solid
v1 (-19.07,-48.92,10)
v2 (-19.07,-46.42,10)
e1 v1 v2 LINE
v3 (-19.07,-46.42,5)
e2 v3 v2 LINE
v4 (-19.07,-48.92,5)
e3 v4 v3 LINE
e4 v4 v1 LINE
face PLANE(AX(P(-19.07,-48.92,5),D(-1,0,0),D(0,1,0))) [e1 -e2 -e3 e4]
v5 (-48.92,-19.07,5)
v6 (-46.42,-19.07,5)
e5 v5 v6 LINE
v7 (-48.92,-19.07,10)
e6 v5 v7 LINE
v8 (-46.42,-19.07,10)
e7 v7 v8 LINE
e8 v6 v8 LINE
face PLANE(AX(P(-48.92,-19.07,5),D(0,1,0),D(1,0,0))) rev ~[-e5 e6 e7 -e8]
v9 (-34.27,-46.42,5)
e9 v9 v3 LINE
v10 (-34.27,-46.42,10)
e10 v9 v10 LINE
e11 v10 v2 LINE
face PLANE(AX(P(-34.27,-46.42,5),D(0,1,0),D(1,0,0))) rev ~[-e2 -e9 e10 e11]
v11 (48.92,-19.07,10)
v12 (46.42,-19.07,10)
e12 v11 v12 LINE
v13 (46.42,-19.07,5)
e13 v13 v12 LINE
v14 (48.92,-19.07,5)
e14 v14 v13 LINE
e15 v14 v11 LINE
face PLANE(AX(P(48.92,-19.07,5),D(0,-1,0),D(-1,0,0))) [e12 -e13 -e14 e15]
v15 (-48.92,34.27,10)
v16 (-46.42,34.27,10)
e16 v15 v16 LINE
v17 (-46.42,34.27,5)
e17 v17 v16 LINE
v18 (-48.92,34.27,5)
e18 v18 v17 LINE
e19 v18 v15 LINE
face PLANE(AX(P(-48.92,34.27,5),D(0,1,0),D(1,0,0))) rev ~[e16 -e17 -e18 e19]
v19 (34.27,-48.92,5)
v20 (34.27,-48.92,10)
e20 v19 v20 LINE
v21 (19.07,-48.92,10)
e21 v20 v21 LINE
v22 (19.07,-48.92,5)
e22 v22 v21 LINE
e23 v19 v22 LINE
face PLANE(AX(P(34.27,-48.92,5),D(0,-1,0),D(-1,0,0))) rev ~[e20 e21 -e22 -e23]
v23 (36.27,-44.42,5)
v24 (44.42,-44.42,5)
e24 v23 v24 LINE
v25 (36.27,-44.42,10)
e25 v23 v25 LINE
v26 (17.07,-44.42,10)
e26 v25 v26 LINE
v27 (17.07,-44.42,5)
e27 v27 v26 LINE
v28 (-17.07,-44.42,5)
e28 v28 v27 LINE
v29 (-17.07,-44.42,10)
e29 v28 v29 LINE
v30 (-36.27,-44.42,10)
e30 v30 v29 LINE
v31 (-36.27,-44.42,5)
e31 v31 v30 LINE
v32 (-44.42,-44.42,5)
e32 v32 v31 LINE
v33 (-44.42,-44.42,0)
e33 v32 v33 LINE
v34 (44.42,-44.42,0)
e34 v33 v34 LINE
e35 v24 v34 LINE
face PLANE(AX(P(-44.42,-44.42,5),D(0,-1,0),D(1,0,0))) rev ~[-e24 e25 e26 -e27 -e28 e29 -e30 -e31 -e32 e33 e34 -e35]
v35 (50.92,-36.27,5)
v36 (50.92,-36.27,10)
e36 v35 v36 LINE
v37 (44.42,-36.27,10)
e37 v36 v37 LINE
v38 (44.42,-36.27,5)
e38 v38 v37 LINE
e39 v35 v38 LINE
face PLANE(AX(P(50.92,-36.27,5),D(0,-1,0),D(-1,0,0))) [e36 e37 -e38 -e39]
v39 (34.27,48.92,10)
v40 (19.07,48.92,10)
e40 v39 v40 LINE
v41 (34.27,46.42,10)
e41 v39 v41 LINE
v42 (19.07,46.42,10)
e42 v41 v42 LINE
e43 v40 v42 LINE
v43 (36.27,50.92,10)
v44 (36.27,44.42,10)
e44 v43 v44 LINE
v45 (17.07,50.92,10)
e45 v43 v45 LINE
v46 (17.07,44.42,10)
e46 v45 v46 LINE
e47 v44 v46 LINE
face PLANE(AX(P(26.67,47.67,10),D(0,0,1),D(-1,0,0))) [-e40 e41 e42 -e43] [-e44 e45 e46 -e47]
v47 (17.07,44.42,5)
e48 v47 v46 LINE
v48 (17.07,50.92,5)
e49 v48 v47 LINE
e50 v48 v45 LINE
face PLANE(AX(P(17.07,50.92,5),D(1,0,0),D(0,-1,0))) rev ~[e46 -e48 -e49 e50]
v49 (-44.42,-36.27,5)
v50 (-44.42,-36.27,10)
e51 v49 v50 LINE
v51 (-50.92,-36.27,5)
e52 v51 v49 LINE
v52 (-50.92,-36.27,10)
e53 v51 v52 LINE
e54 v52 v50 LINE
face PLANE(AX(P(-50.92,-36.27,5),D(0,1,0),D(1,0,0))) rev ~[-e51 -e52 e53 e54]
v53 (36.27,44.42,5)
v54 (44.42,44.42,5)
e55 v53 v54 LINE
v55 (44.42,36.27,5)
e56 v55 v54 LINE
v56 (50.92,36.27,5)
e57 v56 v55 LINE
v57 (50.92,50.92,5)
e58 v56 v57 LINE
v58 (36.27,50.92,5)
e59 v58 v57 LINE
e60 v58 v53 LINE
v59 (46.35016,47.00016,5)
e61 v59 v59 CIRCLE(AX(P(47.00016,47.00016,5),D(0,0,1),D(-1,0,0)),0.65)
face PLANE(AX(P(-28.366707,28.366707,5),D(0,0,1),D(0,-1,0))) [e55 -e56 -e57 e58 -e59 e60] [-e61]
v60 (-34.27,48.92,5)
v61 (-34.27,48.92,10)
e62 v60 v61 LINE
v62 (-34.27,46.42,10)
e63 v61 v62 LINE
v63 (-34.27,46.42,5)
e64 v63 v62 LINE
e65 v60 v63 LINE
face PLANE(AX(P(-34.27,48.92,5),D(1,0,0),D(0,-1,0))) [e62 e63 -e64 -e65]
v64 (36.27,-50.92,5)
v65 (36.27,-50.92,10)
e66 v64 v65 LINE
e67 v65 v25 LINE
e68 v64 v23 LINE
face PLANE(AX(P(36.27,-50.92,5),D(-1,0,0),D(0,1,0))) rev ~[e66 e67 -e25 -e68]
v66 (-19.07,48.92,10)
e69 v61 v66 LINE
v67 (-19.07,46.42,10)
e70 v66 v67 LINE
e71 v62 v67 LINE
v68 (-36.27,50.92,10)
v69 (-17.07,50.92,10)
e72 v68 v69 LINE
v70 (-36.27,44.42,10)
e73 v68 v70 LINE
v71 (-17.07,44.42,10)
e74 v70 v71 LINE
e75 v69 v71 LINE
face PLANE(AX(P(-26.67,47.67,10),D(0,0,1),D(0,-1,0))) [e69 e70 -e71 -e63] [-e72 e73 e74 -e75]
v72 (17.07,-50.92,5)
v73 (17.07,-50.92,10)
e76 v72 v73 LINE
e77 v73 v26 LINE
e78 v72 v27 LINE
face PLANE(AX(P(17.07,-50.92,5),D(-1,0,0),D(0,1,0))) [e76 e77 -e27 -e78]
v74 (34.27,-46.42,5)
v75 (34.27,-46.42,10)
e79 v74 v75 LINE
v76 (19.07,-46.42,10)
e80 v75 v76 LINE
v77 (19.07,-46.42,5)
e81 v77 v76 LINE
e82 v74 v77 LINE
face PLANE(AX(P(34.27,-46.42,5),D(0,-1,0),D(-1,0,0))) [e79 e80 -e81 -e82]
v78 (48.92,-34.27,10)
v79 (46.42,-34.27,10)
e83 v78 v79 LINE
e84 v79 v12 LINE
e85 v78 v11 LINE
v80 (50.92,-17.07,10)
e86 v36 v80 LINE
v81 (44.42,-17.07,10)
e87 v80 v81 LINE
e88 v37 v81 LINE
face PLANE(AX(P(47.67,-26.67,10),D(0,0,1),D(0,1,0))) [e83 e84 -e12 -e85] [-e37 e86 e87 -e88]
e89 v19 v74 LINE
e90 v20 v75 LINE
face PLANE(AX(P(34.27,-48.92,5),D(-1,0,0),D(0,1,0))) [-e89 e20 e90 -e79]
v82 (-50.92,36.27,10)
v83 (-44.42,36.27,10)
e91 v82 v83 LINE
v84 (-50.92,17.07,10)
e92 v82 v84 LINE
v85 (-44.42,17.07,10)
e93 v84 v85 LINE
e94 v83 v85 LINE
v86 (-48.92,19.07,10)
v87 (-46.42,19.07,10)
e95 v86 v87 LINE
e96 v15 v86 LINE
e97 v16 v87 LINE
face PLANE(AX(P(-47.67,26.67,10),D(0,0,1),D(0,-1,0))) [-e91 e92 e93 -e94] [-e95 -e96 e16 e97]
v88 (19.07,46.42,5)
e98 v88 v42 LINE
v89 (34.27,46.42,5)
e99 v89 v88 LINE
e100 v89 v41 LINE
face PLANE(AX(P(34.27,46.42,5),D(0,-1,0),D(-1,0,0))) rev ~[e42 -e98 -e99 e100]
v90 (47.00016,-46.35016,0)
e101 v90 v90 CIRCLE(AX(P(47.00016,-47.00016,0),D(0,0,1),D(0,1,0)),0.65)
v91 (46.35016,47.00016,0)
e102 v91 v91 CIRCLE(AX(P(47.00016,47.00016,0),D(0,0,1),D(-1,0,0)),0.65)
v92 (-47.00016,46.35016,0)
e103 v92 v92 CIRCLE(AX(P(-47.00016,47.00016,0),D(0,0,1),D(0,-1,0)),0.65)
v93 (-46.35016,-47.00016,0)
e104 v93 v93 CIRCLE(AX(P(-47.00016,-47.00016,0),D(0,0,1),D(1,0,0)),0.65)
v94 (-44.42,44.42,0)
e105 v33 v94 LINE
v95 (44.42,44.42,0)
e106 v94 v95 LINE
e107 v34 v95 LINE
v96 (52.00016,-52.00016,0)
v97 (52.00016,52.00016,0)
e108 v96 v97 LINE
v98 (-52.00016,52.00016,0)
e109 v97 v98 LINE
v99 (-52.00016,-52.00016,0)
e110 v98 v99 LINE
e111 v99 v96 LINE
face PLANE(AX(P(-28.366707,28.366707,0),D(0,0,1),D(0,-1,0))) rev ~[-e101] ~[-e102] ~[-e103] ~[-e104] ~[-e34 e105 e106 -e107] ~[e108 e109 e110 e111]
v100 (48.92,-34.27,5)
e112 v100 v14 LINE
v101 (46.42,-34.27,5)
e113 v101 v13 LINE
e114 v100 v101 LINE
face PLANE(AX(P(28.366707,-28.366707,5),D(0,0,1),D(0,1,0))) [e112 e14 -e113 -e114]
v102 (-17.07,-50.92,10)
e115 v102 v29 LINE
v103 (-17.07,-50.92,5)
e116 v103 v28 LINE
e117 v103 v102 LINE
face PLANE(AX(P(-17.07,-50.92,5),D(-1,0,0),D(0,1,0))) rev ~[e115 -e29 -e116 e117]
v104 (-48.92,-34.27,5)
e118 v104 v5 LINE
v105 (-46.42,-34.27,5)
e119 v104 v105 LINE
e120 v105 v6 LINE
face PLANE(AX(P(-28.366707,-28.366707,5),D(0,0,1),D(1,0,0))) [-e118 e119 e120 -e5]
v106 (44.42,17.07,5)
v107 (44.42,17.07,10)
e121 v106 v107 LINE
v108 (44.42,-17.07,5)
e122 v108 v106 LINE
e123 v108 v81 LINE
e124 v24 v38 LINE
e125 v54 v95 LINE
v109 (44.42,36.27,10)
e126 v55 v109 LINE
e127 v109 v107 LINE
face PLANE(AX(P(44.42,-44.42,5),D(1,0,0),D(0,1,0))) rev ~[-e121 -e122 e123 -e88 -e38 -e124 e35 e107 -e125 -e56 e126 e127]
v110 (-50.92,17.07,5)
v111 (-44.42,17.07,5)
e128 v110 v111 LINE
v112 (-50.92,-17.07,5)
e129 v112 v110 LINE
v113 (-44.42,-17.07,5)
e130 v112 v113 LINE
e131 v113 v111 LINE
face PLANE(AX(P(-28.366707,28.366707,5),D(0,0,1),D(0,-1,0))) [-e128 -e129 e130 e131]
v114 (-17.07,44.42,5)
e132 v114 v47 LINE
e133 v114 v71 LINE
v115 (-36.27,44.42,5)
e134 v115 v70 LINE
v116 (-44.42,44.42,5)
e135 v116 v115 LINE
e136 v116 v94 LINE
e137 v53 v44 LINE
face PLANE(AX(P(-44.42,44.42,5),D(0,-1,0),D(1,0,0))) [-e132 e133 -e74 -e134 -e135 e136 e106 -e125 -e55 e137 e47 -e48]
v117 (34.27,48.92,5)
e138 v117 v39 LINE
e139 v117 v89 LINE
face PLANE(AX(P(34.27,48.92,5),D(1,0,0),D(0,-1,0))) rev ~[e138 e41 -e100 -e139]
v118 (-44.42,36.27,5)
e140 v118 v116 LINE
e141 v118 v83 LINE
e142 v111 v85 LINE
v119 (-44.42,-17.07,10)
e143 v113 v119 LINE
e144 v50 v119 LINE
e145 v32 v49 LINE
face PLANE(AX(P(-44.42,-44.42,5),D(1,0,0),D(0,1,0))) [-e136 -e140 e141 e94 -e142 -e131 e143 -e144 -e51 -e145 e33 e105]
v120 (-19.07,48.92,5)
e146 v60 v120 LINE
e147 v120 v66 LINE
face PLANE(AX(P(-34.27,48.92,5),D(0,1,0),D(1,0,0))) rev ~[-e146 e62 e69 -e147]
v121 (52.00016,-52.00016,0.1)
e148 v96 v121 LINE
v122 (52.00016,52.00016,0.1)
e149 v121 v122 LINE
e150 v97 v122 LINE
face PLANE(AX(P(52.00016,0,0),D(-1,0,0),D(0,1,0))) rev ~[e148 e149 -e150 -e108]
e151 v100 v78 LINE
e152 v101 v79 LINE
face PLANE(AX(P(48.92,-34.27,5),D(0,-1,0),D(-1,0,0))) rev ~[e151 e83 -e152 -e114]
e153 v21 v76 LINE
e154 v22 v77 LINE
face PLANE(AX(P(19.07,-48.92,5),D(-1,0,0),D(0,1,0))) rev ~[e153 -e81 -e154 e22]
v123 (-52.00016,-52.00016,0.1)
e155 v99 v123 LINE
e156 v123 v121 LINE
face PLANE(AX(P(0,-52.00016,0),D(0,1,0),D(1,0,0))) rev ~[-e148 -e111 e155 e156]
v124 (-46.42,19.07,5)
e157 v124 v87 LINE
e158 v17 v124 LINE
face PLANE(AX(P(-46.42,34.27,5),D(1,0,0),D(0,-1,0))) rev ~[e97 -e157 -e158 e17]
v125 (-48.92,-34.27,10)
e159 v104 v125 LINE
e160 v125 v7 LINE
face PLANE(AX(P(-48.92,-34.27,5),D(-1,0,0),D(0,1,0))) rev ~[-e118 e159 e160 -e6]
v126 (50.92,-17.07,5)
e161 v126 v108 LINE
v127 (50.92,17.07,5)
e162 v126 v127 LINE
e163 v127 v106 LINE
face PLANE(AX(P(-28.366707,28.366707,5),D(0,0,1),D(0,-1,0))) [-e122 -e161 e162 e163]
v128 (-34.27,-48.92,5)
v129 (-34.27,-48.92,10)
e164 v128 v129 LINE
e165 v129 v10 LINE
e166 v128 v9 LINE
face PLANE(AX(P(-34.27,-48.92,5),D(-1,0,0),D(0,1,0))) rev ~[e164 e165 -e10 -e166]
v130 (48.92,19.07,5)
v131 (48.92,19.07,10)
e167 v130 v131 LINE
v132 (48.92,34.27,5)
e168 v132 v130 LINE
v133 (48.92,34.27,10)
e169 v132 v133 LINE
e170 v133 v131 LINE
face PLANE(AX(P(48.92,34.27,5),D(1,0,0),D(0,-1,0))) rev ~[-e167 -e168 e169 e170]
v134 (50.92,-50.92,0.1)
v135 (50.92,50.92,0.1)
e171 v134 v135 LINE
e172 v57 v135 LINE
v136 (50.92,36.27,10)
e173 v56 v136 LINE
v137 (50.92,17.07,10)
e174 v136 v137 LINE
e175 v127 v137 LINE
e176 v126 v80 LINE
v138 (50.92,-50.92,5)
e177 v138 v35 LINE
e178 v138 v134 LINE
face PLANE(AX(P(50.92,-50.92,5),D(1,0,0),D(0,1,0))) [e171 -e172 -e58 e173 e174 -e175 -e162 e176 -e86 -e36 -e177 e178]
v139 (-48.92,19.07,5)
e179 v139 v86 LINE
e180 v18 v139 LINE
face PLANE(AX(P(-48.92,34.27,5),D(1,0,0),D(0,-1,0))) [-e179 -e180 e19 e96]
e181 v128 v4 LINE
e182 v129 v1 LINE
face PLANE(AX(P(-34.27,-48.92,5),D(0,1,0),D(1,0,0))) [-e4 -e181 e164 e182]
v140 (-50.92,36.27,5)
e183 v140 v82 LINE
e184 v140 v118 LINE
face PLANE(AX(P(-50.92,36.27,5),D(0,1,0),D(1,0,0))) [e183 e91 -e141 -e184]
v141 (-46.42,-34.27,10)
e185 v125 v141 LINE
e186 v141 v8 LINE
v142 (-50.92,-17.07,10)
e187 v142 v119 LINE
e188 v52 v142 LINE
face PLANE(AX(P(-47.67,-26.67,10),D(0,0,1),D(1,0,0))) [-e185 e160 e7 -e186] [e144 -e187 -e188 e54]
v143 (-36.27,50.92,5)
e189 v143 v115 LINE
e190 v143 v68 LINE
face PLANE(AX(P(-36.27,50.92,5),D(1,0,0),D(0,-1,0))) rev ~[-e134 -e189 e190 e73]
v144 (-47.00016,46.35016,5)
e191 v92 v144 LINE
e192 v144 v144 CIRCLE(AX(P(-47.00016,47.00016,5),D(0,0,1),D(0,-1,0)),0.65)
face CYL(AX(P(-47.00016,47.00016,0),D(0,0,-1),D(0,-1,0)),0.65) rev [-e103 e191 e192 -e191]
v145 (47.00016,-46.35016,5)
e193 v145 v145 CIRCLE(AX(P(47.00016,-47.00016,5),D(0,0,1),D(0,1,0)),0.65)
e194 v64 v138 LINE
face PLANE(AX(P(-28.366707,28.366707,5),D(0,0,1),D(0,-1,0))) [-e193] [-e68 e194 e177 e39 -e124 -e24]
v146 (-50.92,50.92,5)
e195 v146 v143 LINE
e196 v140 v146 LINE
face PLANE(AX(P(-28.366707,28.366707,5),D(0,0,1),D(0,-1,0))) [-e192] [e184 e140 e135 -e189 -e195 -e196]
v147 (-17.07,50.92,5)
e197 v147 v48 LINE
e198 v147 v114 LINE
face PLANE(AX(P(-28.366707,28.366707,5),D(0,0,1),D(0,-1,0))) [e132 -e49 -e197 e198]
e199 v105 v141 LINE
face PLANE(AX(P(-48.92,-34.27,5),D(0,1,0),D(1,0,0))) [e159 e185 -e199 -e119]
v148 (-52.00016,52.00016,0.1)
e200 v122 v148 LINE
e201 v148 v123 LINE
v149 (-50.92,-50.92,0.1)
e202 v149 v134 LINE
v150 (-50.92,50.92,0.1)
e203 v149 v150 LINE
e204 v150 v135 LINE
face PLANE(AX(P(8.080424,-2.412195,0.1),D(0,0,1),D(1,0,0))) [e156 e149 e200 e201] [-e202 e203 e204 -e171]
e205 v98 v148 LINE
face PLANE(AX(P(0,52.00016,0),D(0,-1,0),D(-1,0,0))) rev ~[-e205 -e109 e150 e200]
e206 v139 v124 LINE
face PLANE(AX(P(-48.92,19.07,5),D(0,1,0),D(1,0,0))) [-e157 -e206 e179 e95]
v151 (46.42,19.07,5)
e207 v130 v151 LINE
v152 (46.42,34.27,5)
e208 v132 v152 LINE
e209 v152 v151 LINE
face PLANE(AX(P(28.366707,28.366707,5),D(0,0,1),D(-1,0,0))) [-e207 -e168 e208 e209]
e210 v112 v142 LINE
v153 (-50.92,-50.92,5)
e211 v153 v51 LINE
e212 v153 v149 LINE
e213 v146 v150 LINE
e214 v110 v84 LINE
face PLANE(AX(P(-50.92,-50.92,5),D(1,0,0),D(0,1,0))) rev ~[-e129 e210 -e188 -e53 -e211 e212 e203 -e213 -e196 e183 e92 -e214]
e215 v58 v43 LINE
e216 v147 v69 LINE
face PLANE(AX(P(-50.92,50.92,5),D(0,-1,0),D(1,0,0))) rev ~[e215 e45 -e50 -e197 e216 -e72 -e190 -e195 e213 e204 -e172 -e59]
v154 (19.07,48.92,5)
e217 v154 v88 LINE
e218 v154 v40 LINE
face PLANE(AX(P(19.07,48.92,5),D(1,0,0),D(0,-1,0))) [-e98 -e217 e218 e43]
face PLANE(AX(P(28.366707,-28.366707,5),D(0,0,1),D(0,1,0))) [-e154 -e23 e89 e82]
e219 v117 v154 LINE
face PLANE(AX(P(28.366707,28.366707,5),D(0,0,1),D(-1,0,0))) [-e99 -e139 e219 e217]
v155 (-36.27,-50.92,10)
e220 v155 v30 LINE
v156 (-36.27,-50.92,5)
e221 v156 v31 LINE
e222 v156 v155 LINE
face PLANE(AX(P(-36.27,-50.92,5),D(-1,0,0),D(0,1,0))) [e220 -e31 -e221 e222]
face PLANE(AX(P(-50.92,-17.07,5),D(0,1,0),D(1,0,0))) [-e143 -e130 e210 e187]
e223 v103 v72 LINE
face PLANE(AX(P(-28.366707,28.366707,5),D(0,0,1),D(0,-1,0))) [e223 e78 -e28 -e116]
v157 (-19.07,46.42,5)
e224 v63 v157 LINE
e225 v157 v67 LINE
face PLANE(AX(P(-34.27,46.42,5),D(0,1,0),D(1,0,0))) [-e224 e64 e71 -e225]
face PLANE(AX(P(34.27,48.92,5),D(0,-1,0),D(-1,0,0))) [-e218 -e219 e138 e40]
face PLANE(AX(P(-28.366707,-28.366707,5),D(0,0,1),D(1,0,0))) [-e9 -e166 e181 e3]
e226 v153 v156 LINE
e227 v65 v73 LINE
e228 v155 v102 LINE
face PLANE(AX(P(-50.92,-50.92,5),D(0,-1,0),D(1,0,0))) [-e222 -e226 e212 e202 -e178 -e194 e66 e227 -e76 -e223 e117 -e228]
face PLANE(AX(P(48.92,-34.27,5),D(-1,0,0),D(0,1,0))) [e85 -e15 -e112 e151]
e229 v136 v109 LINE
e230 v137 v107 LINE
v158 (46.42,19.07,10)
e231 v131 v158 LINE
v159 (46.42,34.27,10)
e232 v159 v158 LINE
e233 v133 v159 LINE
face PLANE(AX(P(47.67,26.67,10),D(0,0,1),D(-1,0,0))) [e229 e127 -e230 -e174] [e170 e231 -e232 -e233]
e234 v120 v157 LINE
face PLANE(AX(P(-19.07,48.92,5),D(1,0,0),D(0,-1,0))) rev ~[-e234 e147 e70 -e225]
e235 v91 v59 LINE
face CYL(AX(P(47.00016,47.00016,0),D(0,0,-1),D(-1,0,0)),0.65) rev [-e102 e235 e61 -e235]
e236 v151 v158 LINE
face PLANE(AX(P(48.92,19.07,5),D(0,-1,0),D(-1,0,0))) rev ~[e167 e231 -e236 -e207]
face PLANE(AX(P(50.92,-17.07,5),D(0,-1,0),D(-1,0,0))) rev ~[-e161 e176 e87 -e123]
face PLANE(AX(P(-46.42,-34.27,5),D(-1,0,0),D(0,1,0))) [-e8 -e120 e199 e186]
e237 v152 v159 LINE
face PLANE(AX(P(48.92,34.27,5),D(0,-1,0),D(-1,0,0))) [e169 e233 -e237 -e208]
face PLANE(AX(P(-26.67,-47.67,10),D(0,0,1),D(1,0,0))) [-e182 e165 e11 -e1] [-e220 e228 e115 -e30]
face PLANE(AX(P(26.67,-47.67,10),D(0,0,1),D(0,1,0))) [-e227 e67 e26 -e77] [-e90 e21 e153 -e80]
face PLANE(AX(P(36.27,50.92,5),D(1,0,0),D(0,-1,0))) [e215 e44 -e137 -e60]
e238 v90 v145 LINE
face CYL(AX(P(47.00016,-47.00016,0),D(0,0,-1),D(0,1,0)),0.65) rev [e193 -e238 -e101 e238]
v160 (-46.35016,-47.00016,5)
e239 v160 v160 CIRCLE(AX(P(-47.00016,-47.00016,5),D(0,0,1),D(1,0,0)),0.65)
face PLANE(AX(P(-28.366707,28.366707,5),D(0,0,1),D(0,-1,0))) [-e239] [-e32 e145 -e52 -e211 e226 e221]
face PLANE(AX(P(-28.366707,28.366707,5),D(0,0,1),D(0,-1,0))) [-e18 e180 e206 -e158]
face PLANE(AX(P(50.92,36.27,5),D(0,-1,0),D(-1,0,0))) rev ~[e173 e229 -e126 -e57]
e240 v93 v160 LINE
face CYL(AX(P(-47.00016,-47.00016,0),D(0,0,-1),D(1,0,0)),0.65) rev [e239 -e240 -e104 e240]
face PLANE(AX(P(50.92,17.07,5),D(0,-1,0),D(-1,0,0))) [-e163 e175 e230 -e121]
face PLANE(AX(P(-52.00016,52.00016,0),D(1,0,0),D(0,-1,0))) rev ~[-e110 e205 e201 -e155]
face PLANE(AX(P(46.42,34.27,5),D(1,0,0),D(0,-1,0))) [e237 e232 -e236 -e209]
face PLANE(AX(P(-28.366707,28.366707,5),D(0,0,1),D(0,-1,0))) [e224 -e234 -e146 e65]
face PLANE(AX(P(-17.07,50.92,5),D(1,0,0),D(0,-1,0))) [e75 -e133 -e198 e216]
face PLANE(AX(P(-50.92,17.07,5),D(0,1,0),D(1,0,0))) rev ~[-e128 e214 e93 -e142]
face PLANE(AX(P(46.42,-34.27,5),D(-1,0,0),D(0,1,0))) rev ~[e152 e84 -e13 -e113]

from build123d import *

# Parameters (mm, degrees)
SKETCH_R           = 0.65
PAD_DEPTH          = 5
SKETCH001_W        = 19.2
SKETCH001_H        = 6.5
SKETCH001_W_2      = 15.2
SKETCH001_H_2      = 2.5
SKETCH001_W_3      = 6.5
SKETCH001_H_3      = 19.2
SKETCH001_W_4      = 2.5
SKETCH001_H_4      = 15.2
PAD001_DEPTH       = 5
POLARPATTERN_COUNT = 4
SKETCH002_W        = 88.84
SKETCH002_H        = 88.84
POCKET_DEPTH       = 5.001
SKETCH003_W        = 135.310039
SKETCH003_H        = 121.25861
SKETCH003_W_2      = 101.84
SKETCH003_H_2      = 101.84
POCKET001_DEPTH    = 4.9


with BuildPart() as part:
    # Sketch → Pad (new body)
    with BuildSketch(Plane.XY):
        Polygon((-52.00016, -52.00016), (0, -52.00016), (0, -42.00016), (-34.929092, -42.00016), (0, -7.071068), (0, 0), (-7.071068, 0), (-42.00016, -34.929092), (-42.00016, 0), (-52.00016, 0), align=None)
        with Locations((-47.00016, -47.00016)):
            Circle(SKETCH_R, mode=Mode.SUBTRACT)
        with Locations((-26.67, -26.67)):
            Circle(SKETCH_R, mode=Mode.SUBTRACT)
    pad = extrude(amount=PAD_DEPTH)

    # Sketch001 (on Face14 of Pad) → Pad001 (join)
    with BuildSketch(Plane.XY.offset(5)):
        with Locations((-26.67, -47.67)):
            Rectangle(SKETCH001_W, SKETCH001_H)
        with Locations((-26.67, -47.67)):
            Rectangle(SKETCH001_W_2, SKETCH001_H_2, mode=Mode.SUBTRACT)
        with Locations((-47.67, -26.67)):
            Rectangle(SKETCH001_W_3, SKETCH001_H_3)
        with Locations((-47.67, -26.67)):
            Rectangle(SKETCH001_W_4, SKETCH001_H_4, mode=Mode.SUBTRACT)
    pad001 = extrude(amount=PAD001_DEPTH)

    # PolarPattern: Pad, Pad001 ×4 about axis
    polarpattern_axis = Axis((0, 0, 0), (0, 0, 1))
    for i in range(1, POLARPATTERN_COUNT):
        add(pad.rotate(polarpattern_axis, i * 360 / POLARPATTERN_COUNT))
        add(pad001.rotate(polarpattern_axis, i * 360 / POLARPATTERN_COUNT))

    # Sketch002 (on Face20 of PolarPattern) → Pocket (cut, through all)
    with BuildSketch(Plane.XY.offset(5)):
        Rectangle(SKETCH002_W, SKETCH002_H)
    extrude(amount=-POCKET_DEPTH, mode=Mode.SUBTRACT)

    # Sketch003 (on Face5 of Pocket) → Pocket001 (cut)
    with BuildSketch(Plane.XY.offset(5)):
        with Locations((8.080424, -2.412195)):
            Rectangle(SKETCH003_W, SKETCH003_H)
        Rectangle(SKETCH003_W_2, SKETCH003_H_2, mode=Mode.SUBTRACT)
    extrude(amount=-POCKET001_DEPTH, mode=Mode.SUBTRACT)


solid = part.part
